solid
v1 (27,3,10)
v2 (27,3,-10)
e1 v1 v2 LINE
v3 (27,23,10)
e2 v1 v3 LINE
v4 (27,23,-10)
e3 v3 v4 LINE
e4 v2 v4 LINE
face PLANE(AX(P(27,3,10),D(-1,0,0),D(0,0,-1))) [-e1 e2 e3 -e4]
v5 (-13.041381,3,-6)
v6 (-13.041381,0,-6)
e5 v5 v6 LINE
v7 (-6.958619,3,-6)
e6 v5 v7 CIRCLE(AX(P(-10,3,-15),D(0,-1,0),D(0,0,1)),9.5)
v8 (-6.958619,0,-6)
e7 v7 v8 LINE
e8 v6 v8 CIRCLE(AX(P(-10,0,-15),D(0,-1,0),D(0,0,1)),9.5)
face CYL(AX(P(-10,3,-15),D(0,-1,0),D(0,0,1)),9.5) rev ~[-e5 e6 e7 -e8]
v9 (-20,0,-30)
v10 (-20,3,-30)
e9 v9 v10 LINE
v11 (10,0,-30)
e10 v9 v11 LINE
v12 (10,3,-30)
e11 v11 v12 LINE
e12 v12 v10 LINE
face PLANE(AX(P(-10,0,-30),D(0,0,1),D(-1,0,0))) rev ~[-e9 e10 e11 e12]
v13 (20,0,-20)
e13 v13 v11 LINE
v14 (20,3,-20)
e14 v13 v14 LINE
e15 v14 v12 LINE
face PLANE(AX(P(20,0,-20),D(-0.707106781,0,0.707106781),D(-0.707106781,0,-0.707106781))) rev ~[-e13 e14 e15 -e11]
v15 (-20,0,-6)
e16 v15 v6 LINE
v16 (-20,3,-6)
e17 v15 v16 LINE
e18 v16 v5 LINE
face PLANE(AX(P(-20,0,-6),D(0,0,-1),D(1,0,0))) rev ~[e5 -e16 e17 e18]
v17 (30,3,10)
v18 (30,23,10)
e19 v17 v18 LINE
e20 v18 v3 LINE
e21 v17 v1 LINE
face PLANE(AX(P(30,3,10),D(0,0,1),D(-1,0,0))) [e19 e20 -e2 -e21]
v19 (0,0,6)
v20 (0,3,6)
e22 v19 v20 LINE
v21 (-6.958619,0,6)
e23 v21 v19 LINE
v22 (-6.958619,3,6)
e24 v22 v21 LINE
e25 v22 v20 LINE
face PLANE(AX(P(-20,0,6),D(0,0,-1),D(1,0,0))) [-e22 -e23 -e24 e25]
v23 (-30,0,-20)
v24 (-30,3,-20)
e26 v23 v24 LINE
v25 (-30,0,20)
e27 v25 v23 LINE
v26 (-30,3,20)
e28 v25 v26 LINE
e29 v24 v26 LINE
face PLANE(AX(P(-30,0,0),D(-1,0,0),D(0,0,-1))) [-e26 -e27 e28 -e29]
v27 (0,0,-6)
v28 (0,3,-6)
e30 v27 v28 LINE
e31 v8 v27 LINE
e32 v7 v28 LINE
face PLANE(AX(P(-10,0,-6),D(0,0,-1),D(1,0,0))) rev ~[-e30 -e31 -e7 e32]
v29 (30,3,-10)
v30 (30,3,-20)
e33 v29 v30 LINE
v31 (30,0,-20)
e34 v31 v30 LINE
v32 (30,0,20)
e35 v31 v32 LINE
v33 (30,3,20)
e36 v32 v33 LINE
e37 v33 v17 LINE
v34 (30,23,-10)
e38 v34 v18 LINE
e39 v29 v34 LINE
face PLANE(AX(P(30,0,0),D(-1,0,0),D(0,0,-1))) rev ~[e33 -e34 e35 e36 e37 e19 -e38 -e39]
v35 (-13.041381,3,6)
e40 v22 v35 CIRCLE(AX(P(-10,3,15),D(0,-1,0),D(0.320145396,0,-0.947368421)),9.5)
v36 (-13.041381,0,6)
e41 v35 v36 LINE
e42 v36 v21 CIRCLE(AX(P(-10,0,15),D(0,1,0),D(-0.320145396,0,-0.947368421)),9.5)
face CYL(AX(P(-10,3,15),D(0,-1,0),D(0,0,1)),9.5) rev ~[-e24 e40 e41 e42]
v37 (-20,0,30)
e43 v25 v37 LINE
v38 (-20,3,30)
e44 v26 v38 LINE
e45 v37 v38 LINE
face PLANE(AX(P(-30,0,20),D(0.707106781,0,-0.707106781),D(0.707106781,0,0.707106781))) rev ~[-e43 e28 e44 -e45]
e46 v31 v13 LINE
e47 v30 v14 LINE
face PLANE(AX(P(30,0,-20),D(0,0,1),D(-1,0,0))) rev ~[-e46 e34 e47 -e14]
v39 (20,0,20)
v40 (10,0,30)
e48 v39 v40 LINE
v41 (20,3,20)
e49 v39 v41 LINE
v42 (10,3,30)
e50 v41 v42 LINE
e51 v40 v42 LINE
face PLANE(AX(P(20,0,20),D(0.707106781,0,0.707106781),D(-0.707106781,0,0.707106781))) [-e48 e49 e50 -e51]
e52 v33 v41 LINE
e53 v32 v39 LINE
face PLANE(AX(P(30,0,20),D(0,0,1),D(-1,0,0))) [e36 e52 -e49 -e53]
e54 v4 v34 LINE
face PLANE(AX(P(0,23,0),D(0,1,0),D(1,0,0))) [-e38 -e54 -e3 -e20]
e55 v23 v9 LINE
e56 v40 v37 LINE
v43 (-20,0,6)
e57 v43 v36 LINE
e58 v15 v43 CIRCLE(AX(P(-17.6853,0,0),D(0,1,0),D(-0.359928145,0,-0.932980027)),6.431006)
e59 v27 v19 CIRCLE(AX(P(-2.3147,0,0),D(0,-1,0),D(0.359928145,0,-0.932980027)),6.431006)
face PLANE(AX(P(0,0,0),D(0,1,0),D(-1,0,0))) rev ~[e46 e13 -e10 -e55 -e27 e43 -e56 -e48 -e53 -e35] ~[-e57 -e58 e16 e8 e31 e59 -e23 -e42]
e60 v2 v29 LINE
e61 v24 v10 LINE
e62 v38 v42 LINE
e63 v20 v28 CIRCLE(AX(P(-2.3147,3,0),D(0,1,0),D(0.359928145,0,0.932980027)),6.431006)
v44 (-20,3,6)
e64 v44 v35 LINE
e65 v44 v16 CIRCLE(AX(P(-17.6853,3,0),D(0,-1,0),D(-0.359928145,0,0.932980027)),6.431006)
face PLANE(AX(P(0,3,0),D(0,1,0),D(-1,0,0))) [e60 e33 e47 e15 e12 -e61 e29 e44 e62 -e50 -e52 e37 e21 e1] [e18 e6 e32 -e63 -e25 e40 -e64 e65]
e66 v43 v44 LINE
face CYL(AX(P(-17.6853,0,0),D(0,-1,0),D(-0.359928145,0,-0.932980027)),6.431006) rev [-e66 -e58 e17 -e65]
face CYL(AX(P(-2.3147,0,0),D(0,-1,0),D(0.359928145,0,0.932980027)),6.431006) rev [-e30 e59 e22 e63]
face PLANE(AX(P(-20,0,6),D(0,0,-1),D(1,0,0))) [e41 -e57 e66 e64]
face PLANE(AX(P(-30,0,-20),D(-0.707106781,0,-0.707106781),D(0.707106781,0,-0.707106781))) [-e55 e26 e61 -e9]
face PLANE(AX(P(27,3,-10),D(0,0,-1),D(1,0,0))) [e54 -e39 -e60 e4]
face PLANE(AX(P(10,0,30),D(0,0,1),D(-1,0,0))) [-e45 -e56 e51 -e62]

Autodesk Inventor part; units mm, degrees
ref_plane "YZ Plane" through (0, 0, 0) normal (1, 0, 0) x (0, 1, 0)
ref_plane "XZ Plane" through (0, 0, 0) normal (0, 1, 0) x (-1, 0, 0)
ref_plane "XY Plane" through (0, 0, 0) normal (0, 0, 1) x (1, 0, 0)
sketch "Sketch1" plane through (0, 0, 0) normal (0, 1, 0) x (-1, 0, 0)
  line L0 (0, 0) -> (30, 0)
  line L1 (0, 0) -> (-30, 0)
  line L2 (30, 0) -> (-10, 0)
  line L3 (-10, 0) -> (-10, 30)
  line L4 (-10, 0) -> (-10, -30)
  line L5 (-10, 30) -> (20, 30)
  line L6 (-10, -30) -> (20, -30)
  line L7 (20, 30) -> (20, -30)
  line L8 (30, 0) -> (30, 20)
  line L9 (30, 0) -> (30, -20)
  line L10 (30, 20) -> (20, 30)
  line L11 (30, -20) -> (20, -30)
  line L12 (-30, 0) -> (-30, 20)
  line L13 (-30, 0) -> (-30, -20)
  line L14 (-30, 20) -> (-20, 20)
  line L15 (-20, 20) -> (-10, 30)
  line L16 (-30, -20) -> (-20, -20)
  line L17 (-20, -20) -> (-10, -30)
  line L18 (20, 0) -> (20, 6)
  line L19 (20, 0) -> (20, -6)
  arc A0 (20, -6) -> (20, 6) centre (17.6853, 0) ccw
  line L20 (0, 0) -> (0, 6)
  line L21 (0, 0) -> (0, -6)
  arc A1 (0, 6) -> (0, -6) centre (2.3147, 0) ccw
  line L22 (0, 30) -> (10, 30)
  circle A2 centre (10.0225, 15.038) radius 9
  line L23 (0, -30) -> (10, -30)
  circle A3 centre (10, -15) radius 9
  line L24 (20, 6) -> (20, -6)
  line L25 (20, 6) -> (0, 6)
  line L26 (20, -6) -> (0, -6)
  point P0 (10, -6)
  dimension "d0" = 30
  dimension "d1" = 30
  dimension "d2" = 40
  dimension "d5" = 30
  dimension "d6" = 30
  dimension "d8" = 30
  dimension "d9" = 30
  dimension "d10" = 20
  dimension "d11" = 20
  dimension "d12" = 20
  dimension "d13" = 20
  dimension "d14" = 10
  dimension "d15" = 10
  dimension "d16" = 6
  dimension "d17" = 6
  dimension "d18" = 6.431
  dimension "d19" = 6
  dimension "d20" = 6
  dimension "d22" = 6.431
  dimension "d25" = 18
  dimension "d28" = 18
extrude "Extrusion1" add sketch "Sketch1" along normal blind 3 contours A1 L26 L7 L6 L4 L1 | L1 L3 L5 L7 L25 A1 | A0 L7 L10 L8 L0 | L0 L9 L11 L7 A0 | L4 L17 L16 L13 L1 | L1 L12 L14 L15 L3
sketch "Sketch2" plane through (0, 3, 0) normal (0, 1, 0) x (1, 0, 0)
  line L0 (30, 10) -> (30, -10)
  line L1 (30, 10) -> (27, 10)
  line L2 (27, 10) -> (27, -10)
  line L3 (27, -10) -> (30, -10)
  line L4 (-19, -30) -> (-10, -30)
  circle A0 centre (-10, -15) radius 9.5
  circle A1 centre (-10, 15) radius 9.5
  point P0 (0, 0)
  dimension "d34" = 20
  dimension "d35" = 3
  dimension "d37" = 19
  dimension "d39" = 19
hole "Hole1" at (-10, 3, 15) direction (0, -1, 0) diameter 19 end through all
hole "Hole2" at (-10, 3, -15) direction (0, -1, 0) diameter 19 end through all
sketch "Sketch3" plane through (0, 3, 0) normal (0, 1, 0) x (1, 0, 0)
  line L0 (30, 10) -> (30, -10)
  line L1 (30, -10) -> (27, -10)
  line L2 (27, -10) -> (27, 10)
  line L3 (27, 10) -> (30, 10)
  point P0 (0, 0)
extrude "Extrusion2" add sketch "Sketch3" along normal blind 20
properties part number "Ultrasonic_Body"
